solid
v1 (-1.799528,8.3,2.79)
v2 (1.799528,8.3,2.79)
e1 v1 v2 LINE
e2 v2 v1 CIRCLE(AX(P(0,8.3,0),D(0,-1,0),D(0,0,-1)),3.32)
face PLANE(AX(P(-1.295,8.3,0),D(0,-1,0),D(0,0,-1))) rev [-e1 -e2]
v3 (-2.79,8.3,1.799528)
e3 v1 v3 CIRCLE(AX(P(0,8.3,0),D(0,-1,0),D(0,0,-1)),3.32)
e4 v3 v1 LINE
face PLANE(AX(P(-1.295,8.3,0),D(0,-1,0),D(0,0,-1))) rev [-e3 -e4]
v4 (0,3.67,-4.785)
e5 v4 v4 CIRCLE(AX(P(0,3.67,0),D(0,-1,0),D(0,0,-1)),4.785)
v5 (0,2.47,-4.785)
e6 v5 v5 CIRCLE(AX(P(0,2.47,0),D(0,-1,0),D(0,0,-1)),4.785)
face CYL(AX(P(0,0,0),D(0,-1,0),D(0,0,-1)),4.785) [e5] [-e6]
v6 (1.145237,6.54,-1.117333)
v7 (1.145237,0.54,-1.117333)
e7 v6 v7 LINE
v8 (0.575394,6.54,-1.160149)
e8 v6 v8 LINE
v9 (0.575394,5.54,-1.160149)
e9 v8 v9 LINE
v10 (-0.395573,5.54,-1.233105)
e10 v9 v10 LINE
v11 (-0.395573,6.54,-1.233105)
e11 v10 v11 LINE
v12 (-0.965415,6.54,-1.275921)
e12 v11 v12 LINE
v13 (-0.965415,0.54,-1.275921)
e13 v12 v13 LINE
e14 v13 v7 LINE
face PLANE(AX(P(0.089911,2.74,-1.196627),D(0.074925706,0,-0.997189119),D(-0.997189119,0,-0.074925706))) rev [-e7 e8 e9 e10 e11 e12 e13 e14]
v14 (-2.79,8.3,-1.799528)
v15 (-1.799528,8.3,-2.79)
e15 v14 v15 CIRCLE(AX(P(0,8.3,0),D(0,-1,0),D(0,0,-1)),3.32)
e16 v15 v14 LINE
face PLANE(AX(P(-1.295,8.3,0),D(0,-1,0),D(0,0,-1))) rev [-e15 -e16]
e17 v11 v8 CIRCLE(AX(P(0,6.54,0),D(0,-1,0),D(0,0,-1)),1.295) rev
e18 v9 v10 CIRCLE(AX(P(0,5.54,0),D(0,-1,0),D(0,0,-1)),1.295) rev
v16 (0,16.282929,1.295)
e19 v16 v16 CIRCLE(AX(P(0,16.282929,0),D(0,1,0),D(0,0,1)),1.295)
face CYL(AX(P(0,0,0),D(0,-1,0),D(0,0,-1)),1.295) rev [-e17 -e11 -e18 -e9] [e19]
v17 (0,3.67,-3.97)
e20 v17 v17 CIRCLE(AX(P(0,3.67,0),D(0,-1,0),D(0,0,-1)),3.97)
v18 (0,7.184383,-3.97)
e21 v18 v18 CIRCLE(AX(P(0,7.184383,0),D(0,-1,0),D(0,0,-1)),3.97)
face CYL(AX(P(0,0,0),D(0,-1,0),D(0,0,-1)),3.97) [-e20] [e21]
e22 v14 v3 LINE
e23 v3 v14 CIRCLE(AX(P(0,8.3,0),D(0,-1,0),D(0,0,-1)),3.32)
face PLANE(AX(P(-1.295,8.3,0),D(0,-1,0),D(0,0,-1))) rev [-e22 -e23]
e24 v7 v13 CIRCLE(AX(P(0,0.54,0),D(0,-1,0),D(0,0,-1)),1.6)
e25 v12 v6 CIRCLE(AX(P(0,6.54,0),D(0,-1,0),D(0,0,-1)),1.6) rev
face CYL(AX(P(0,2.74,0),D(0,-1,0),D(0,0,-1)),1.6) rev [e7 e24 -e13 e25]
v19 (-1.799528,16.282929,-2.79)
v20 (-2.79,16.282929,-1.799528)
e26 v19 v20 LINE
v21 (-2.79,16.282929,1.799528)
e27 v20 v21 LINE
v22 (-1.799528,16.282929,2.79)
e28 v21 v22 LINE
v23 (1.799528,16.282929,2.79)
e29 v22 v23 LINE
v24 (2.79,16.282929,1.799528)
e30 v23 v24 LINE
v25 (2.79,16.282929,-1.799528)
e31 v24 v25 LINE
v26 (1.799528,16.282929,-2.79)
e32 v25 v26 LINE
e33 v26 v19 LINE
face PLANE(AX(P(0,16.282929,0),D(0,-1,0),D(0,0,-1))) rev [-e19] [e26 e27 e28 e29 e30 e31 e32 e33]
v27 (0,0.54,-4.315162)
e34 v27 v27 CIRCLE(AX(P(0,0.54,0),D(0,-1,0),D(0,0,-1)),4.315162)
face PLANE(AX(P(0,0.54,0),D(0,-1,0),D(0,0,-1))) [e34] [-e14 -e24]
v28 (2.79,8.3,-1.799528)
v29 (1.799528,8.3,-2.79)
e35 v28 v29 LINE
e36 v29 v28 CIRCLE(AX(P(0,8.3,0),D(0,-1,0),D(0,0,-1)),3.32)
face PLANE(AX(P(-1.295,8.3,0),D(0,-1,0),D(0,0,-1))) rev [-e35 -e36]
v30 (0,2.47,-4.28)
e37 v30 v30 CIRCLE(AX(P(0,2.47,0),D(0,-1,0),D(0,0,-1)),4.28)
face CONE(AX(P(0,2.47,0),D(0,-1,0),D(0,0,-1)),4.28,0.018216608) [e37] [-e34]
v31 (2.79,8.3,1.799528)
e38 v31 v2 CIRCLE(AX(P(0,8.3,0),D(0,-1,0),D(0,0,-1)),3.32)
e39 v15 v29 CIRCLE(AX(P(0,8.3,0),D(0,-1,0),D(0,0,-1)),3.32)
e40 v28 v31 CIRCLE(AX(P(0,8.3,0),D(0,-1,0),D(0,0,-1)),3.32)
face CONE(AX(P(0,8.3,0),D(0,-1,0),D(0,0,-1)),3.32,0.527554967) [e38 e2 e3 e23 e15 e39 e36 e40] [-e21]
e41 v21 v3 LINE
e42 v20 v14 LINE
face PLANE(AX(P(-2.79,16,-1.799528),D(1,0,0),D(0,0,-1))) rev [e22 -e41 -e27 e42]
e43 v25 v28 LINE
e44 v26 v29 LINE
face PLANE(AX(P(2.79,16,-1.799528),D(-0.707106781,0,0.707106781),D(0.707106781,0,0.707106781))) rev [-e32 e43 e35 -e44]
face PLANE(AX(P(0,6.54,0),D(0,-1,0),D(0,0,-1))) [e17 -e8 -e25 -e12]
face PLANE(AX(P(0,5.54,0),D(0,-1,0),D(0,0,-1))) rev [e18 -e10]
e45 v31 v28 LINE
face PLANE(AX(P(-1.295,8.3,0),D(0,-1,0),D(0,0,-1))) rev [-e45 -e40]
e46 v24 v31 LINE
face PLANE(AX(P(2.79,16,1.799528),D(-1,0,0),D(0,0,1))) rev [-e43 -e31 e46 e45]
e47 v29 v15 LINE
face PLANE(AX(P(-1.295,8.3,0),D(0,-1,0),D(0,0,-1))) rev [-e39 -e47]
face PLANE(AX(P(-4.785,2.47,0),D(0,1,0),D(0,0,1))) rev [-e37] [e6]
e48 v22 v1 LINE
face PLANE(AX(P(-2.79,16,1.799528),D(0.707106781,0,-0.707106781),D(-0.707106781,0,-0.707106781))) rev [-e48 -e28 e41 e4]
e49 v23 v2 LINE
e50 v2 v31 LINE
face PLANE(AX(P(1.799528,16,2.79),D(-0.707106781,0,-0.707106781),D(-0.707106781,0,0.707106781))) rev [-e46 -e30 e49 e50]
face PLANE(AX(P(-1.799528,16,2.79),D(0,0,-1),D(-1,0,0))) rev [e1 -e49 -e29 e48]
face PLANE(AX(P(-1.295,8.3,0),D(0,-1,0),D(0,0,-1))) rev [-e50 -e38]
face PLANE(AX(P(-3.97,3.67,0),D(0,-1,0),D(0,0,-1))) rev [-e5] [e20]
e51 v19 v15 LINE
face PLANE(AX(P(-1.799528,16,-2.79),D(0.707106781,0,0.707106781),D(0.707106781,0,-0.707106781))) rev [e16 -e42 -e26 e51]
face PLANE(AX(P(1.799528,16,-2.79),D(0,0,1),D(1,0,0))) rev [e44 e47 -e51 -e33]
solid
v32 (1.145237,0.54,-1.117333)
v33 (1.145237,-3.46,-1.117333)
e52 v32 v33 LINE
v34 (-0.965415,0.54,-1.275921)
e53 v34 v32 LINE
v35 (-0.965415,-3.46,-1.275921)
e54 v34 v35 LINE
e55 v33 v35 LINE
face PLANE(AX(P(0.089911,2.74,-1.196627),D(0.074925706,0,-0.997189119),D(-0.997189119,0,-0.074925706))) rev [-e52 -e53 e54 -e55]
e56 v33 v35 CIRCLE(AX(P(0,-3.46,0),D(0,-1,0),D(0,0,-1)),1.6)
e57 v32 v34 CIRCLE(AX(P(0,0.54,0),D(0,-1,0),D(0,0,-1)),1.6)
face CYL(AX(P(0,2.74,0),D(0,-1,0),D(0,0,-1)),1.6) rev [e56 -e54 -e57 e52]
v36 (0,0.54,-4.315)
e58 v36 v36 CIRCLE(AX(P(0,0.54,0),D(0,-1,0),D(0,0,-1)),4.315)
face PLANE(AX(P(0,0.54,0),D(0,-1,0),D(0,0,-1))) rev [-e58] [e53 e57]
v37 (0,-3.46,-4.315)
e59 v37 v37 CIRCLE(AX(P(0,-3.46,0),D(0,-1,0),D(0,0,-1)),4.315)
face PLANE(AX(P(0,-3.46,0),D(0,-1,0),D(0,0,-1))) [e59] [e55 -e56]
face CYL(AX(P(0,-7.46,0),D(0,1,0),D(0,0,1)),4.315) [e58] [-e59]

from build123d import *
from build123d.topology import SkipClean

# Parameters (mm, degrees)
SKETCH2_R                = 1.295
BOSS_EXTRUDE1_DEPTH      = 7.7
SKETCH3_R                = 2.7
BOSS_EXTRUDE4_DEPTH      = 6
SKETCH5_R                = 4.484484463
CUT_EXTRUDE1_DEPTH       = 1
SKETCH8_R                = 4.315
BOSS_EXTRUDE8_DEPTH      = 8
CUT_EXTRUDE4_DEPTH       = 10.2
SKETCH14_W               = 2.622578867
SKETCH14_H               = 4.71707074
CUT_EXTRUDE11_DEPTH      = 19.337852928
CUT_EXTRUDE11_DEPTH_BACK = 19.337852928
SKETCH16_R               = 1.295
BOSS_EXTRUDE9_DEPTH      = 5
CUT_EXTRUDE12_DEPTH      = 14
SKETCH22_R               = 4.315
CUT_EXTRUDE14_DEPTH      = 4


with BuildPart() as part:
    # Sketch1 → Revolve1 (revolve)
    with BuildSketch(Plane.XY, mode=Mode.PRIVATE) as revolve1_sk:
        Polygon((-2.7, 0), (-2.7, 5.54), (-1.295, 5.54), (-1.295, 8.3), (-3.32, 8.3), (-3.97, 7.184383121), (-3.97, 3.67), (-4.785, 3.67), (-4.785, 2.47), (-4.28, 2.47), (-4.325, 0), align=None)
    revolve(revolve1_sk.sketch.rotate(Axis((0, 0, 0), (0, 1, 0)), 270), axis=Axis((0, 0, 0), (0, 1, 0)))

    # Sketch2 → Boss-Extrude1 (add)
    with BuildSketch(Plane(origin=(0, 8.3, 0), x_dir=(1, 0, 0), z_dir=(0, 1, 0))):
        Polygon((1.799527716, 2.79), (-1.799527716, 2.79), (-2.79, 1.799527716), (-2.79, -1.799527716), (-1.799527716, -2.79), (1.799527716, -2.79), (2.79, -1.799527716), (2.79, 1.799527716), align=None)
        with Locations(Location((0, 0, 0), (0, 0, 90))):
            Circle(SKETCH2_R, mode=Mode.SUBTRACT)
    extrude(amount=BOSS_EXTRUDE1_DEPTH)

    # Sketch3 → Boss-Extrude4 (add)
    with BuildSketch(Plane.XZ.offset(-5.54)):
        with Locations(Location((0, 0, 0), (0, 0, 270))):
            Circle(SKETCH3_R)
    extrude(amount=BOSS_EXTRUDE4_DEPTH)

    # Sketch5 → Cut-Extrude1 (cut)
    with BuildSketch(Plane.XZ.offset(0.46)):
        Circle(SKETCH5_R)
    extrude(amount=-CUT_EXTRUDE1_DEPTH, mode=Mode.SUBTRACT)


with BuildPart() as body_2:
    # Sketch8 → Boss-Extrude8 (new body)
    with BuildSketch(Plane.XZ.offset(-0.54)):
        with Locations(Location((0, 0, 0), (0, 0, 270))):
            Circle(SKETCH8_R)
    extrude(amount=BOSS_EXTRUDE8_DEPTH)


with BuildPart() as cut_extrude4_tool:
    # Sketch13 → Cut-Extrude4 (new body)
    with BuildSketch(Plane.XZ.offset(7.46)):
        with BuildLine():
            ThreePointArc((1.6, 0), (-0.71250829, 1.432596222), (-0.96541492, -1.275920857))
            Line((-0.96541492, -1.275920857), (1.145236615, -1.117333029))
            ThreePointArc((1.145236615, -1.117333029), (1.481954551, -0.603167231), (1.6, 0))
        make_face()
    extrude(amount=-CUT_EXTRUDE4_DEPTH)


with BuildPart() as part_1:
    add(part.part)

    # Cut-Extrude4: cut by cut_extrude4_tool
    add(cut_extrude4_tool.part, mode=Mode.SUBTRACT)

    # Sketch14 → Cut-Extrude11 (cut, two sides)
    with BuildSketch(Plane.ZY.offset(2.79)) as cut_extrude11_sk:
        Polygon((-1.799527716, 11.28292926), (1.799527716, 11.28292926), (1.799527716, 16), (-1.799527716, 16), (-1.799527716, 11.405412722), align=None)
        with Locations((3.11081715, 13.64146463)):
            Rectangle(SKETCH14_W, SKETCH14_H)
        Polygon((-3.994671482, 11.28292926), (-1.799527716, 11.28292926), (-1.799527716, 11.405412722), (-1.799527716, 16), (-3.994671482, 16), align=None)
    extrude(amount=CUT_EXTRUDE11_DEPTH, mode=Mode.SUBTRACT)
    extrude(cut_extrude11_sk.sketch, amount=-CUT_EXTRUDE11_DEPTH_BACK, mode=Mode.SUBTRACT)

    # Sketch16 → Boss-Extrude9 (add)
    with BuildSketch(Plane(origin=(0, 11.28292926, 0), x_dir=(1, 0, 0), z_dir=(0, 1, 0))):
        Polygon((-2.79, -1.799527716), (-2.79, 1.799527716), (-1.799527716, 2.79), (1.799527716, 2.79), (2.79, 1.799527716), (2.79, -1.799527716), (1.799527716, -2.79), (-1.799527716, -2.79), align=None)
        with Locations(Location((0, 0, 0), (0, 0, 90))):
            Circle(SKETCH16_R, mode=Mode.SUBTRACT)
    extrude(amount=BOSS_EXTRUDE9_DEPTH)

    # Sketch21 → Cut-Extrude12 (cut)
    with SkipClean():  # the faces are left unmerged after this step: merging them gives an invalid solid
        with BuildSketch(Plane.XZ.offset(7.46)):
            with BuildLine():
                Line((1.145236615, -1.117333029), (-0.96541492, -1.275920857))
                ThreePointArc((-0.96541492, -1.275920857), (-0.11988113, 1.59550259), (1.145236615, -1.117333029))
            make_face()
        extrude(amount=-CUT_EXTRUDE12_DEPTH, mode=Mode.SUBTRACT)


with BuildPart() as body_2_1:
    add(body_2.part)

    # Cut-Extrude4: cut by cut_extrude4_tool
    add(cut_extrude4_tool.part, mode=Mode.SUBTRACT)

    # Sketch22 → Cut-Extrude14 (cut)
    with BuildSketch(Plane.XZ.offset(7.46)):
        with Locations(Location((0, 0, 0), (0, 0, 270))):
            Circle(SKETCH22_R)
        with BuildLine():
            ThreePointArc((1.6, 0), (1.481954551, -0.603167231), (1.145236615, -1.117333029))
            ThreePointArc((1.145236615, -1.117333029), (0.11988113, -1.59550259), (-0.96541492, -1.275920857))
            ThreePointArc((-0.96541492, -1.275920857), (-0.71250829, 1.432596222), (1.6, 0))
        make_face(mode=Mode.SUBTRACT)
        with BuildLine():
            ThreePointArc((-0.96541492, -1.275920857), (0.11988113, -1.59550259), (1.145236615, -1.117333029))
            Line((1.145236615, -1.117333029), (-0.96541492, -1.275920857))
        make_face()
        with BuildLine():
            Line((-0.96541492, -1.275920857), (1.145236615, -1.117333029))
            ThreePointArc((1.145236615, -1.117333029), (1.481954551, -0.603167231), (1.6, 0))
            ThreePointArc((1.6, 0), (-0.71250829, 1.432596222), (-0.96541492, -1.275920857))
        make_face()
    extrude(amount=-CUT_EXTRUDE14_DEPTH, mode=Mode.SUBTRACT)


solid = Compound([part_1.part, body_2_1.part])
